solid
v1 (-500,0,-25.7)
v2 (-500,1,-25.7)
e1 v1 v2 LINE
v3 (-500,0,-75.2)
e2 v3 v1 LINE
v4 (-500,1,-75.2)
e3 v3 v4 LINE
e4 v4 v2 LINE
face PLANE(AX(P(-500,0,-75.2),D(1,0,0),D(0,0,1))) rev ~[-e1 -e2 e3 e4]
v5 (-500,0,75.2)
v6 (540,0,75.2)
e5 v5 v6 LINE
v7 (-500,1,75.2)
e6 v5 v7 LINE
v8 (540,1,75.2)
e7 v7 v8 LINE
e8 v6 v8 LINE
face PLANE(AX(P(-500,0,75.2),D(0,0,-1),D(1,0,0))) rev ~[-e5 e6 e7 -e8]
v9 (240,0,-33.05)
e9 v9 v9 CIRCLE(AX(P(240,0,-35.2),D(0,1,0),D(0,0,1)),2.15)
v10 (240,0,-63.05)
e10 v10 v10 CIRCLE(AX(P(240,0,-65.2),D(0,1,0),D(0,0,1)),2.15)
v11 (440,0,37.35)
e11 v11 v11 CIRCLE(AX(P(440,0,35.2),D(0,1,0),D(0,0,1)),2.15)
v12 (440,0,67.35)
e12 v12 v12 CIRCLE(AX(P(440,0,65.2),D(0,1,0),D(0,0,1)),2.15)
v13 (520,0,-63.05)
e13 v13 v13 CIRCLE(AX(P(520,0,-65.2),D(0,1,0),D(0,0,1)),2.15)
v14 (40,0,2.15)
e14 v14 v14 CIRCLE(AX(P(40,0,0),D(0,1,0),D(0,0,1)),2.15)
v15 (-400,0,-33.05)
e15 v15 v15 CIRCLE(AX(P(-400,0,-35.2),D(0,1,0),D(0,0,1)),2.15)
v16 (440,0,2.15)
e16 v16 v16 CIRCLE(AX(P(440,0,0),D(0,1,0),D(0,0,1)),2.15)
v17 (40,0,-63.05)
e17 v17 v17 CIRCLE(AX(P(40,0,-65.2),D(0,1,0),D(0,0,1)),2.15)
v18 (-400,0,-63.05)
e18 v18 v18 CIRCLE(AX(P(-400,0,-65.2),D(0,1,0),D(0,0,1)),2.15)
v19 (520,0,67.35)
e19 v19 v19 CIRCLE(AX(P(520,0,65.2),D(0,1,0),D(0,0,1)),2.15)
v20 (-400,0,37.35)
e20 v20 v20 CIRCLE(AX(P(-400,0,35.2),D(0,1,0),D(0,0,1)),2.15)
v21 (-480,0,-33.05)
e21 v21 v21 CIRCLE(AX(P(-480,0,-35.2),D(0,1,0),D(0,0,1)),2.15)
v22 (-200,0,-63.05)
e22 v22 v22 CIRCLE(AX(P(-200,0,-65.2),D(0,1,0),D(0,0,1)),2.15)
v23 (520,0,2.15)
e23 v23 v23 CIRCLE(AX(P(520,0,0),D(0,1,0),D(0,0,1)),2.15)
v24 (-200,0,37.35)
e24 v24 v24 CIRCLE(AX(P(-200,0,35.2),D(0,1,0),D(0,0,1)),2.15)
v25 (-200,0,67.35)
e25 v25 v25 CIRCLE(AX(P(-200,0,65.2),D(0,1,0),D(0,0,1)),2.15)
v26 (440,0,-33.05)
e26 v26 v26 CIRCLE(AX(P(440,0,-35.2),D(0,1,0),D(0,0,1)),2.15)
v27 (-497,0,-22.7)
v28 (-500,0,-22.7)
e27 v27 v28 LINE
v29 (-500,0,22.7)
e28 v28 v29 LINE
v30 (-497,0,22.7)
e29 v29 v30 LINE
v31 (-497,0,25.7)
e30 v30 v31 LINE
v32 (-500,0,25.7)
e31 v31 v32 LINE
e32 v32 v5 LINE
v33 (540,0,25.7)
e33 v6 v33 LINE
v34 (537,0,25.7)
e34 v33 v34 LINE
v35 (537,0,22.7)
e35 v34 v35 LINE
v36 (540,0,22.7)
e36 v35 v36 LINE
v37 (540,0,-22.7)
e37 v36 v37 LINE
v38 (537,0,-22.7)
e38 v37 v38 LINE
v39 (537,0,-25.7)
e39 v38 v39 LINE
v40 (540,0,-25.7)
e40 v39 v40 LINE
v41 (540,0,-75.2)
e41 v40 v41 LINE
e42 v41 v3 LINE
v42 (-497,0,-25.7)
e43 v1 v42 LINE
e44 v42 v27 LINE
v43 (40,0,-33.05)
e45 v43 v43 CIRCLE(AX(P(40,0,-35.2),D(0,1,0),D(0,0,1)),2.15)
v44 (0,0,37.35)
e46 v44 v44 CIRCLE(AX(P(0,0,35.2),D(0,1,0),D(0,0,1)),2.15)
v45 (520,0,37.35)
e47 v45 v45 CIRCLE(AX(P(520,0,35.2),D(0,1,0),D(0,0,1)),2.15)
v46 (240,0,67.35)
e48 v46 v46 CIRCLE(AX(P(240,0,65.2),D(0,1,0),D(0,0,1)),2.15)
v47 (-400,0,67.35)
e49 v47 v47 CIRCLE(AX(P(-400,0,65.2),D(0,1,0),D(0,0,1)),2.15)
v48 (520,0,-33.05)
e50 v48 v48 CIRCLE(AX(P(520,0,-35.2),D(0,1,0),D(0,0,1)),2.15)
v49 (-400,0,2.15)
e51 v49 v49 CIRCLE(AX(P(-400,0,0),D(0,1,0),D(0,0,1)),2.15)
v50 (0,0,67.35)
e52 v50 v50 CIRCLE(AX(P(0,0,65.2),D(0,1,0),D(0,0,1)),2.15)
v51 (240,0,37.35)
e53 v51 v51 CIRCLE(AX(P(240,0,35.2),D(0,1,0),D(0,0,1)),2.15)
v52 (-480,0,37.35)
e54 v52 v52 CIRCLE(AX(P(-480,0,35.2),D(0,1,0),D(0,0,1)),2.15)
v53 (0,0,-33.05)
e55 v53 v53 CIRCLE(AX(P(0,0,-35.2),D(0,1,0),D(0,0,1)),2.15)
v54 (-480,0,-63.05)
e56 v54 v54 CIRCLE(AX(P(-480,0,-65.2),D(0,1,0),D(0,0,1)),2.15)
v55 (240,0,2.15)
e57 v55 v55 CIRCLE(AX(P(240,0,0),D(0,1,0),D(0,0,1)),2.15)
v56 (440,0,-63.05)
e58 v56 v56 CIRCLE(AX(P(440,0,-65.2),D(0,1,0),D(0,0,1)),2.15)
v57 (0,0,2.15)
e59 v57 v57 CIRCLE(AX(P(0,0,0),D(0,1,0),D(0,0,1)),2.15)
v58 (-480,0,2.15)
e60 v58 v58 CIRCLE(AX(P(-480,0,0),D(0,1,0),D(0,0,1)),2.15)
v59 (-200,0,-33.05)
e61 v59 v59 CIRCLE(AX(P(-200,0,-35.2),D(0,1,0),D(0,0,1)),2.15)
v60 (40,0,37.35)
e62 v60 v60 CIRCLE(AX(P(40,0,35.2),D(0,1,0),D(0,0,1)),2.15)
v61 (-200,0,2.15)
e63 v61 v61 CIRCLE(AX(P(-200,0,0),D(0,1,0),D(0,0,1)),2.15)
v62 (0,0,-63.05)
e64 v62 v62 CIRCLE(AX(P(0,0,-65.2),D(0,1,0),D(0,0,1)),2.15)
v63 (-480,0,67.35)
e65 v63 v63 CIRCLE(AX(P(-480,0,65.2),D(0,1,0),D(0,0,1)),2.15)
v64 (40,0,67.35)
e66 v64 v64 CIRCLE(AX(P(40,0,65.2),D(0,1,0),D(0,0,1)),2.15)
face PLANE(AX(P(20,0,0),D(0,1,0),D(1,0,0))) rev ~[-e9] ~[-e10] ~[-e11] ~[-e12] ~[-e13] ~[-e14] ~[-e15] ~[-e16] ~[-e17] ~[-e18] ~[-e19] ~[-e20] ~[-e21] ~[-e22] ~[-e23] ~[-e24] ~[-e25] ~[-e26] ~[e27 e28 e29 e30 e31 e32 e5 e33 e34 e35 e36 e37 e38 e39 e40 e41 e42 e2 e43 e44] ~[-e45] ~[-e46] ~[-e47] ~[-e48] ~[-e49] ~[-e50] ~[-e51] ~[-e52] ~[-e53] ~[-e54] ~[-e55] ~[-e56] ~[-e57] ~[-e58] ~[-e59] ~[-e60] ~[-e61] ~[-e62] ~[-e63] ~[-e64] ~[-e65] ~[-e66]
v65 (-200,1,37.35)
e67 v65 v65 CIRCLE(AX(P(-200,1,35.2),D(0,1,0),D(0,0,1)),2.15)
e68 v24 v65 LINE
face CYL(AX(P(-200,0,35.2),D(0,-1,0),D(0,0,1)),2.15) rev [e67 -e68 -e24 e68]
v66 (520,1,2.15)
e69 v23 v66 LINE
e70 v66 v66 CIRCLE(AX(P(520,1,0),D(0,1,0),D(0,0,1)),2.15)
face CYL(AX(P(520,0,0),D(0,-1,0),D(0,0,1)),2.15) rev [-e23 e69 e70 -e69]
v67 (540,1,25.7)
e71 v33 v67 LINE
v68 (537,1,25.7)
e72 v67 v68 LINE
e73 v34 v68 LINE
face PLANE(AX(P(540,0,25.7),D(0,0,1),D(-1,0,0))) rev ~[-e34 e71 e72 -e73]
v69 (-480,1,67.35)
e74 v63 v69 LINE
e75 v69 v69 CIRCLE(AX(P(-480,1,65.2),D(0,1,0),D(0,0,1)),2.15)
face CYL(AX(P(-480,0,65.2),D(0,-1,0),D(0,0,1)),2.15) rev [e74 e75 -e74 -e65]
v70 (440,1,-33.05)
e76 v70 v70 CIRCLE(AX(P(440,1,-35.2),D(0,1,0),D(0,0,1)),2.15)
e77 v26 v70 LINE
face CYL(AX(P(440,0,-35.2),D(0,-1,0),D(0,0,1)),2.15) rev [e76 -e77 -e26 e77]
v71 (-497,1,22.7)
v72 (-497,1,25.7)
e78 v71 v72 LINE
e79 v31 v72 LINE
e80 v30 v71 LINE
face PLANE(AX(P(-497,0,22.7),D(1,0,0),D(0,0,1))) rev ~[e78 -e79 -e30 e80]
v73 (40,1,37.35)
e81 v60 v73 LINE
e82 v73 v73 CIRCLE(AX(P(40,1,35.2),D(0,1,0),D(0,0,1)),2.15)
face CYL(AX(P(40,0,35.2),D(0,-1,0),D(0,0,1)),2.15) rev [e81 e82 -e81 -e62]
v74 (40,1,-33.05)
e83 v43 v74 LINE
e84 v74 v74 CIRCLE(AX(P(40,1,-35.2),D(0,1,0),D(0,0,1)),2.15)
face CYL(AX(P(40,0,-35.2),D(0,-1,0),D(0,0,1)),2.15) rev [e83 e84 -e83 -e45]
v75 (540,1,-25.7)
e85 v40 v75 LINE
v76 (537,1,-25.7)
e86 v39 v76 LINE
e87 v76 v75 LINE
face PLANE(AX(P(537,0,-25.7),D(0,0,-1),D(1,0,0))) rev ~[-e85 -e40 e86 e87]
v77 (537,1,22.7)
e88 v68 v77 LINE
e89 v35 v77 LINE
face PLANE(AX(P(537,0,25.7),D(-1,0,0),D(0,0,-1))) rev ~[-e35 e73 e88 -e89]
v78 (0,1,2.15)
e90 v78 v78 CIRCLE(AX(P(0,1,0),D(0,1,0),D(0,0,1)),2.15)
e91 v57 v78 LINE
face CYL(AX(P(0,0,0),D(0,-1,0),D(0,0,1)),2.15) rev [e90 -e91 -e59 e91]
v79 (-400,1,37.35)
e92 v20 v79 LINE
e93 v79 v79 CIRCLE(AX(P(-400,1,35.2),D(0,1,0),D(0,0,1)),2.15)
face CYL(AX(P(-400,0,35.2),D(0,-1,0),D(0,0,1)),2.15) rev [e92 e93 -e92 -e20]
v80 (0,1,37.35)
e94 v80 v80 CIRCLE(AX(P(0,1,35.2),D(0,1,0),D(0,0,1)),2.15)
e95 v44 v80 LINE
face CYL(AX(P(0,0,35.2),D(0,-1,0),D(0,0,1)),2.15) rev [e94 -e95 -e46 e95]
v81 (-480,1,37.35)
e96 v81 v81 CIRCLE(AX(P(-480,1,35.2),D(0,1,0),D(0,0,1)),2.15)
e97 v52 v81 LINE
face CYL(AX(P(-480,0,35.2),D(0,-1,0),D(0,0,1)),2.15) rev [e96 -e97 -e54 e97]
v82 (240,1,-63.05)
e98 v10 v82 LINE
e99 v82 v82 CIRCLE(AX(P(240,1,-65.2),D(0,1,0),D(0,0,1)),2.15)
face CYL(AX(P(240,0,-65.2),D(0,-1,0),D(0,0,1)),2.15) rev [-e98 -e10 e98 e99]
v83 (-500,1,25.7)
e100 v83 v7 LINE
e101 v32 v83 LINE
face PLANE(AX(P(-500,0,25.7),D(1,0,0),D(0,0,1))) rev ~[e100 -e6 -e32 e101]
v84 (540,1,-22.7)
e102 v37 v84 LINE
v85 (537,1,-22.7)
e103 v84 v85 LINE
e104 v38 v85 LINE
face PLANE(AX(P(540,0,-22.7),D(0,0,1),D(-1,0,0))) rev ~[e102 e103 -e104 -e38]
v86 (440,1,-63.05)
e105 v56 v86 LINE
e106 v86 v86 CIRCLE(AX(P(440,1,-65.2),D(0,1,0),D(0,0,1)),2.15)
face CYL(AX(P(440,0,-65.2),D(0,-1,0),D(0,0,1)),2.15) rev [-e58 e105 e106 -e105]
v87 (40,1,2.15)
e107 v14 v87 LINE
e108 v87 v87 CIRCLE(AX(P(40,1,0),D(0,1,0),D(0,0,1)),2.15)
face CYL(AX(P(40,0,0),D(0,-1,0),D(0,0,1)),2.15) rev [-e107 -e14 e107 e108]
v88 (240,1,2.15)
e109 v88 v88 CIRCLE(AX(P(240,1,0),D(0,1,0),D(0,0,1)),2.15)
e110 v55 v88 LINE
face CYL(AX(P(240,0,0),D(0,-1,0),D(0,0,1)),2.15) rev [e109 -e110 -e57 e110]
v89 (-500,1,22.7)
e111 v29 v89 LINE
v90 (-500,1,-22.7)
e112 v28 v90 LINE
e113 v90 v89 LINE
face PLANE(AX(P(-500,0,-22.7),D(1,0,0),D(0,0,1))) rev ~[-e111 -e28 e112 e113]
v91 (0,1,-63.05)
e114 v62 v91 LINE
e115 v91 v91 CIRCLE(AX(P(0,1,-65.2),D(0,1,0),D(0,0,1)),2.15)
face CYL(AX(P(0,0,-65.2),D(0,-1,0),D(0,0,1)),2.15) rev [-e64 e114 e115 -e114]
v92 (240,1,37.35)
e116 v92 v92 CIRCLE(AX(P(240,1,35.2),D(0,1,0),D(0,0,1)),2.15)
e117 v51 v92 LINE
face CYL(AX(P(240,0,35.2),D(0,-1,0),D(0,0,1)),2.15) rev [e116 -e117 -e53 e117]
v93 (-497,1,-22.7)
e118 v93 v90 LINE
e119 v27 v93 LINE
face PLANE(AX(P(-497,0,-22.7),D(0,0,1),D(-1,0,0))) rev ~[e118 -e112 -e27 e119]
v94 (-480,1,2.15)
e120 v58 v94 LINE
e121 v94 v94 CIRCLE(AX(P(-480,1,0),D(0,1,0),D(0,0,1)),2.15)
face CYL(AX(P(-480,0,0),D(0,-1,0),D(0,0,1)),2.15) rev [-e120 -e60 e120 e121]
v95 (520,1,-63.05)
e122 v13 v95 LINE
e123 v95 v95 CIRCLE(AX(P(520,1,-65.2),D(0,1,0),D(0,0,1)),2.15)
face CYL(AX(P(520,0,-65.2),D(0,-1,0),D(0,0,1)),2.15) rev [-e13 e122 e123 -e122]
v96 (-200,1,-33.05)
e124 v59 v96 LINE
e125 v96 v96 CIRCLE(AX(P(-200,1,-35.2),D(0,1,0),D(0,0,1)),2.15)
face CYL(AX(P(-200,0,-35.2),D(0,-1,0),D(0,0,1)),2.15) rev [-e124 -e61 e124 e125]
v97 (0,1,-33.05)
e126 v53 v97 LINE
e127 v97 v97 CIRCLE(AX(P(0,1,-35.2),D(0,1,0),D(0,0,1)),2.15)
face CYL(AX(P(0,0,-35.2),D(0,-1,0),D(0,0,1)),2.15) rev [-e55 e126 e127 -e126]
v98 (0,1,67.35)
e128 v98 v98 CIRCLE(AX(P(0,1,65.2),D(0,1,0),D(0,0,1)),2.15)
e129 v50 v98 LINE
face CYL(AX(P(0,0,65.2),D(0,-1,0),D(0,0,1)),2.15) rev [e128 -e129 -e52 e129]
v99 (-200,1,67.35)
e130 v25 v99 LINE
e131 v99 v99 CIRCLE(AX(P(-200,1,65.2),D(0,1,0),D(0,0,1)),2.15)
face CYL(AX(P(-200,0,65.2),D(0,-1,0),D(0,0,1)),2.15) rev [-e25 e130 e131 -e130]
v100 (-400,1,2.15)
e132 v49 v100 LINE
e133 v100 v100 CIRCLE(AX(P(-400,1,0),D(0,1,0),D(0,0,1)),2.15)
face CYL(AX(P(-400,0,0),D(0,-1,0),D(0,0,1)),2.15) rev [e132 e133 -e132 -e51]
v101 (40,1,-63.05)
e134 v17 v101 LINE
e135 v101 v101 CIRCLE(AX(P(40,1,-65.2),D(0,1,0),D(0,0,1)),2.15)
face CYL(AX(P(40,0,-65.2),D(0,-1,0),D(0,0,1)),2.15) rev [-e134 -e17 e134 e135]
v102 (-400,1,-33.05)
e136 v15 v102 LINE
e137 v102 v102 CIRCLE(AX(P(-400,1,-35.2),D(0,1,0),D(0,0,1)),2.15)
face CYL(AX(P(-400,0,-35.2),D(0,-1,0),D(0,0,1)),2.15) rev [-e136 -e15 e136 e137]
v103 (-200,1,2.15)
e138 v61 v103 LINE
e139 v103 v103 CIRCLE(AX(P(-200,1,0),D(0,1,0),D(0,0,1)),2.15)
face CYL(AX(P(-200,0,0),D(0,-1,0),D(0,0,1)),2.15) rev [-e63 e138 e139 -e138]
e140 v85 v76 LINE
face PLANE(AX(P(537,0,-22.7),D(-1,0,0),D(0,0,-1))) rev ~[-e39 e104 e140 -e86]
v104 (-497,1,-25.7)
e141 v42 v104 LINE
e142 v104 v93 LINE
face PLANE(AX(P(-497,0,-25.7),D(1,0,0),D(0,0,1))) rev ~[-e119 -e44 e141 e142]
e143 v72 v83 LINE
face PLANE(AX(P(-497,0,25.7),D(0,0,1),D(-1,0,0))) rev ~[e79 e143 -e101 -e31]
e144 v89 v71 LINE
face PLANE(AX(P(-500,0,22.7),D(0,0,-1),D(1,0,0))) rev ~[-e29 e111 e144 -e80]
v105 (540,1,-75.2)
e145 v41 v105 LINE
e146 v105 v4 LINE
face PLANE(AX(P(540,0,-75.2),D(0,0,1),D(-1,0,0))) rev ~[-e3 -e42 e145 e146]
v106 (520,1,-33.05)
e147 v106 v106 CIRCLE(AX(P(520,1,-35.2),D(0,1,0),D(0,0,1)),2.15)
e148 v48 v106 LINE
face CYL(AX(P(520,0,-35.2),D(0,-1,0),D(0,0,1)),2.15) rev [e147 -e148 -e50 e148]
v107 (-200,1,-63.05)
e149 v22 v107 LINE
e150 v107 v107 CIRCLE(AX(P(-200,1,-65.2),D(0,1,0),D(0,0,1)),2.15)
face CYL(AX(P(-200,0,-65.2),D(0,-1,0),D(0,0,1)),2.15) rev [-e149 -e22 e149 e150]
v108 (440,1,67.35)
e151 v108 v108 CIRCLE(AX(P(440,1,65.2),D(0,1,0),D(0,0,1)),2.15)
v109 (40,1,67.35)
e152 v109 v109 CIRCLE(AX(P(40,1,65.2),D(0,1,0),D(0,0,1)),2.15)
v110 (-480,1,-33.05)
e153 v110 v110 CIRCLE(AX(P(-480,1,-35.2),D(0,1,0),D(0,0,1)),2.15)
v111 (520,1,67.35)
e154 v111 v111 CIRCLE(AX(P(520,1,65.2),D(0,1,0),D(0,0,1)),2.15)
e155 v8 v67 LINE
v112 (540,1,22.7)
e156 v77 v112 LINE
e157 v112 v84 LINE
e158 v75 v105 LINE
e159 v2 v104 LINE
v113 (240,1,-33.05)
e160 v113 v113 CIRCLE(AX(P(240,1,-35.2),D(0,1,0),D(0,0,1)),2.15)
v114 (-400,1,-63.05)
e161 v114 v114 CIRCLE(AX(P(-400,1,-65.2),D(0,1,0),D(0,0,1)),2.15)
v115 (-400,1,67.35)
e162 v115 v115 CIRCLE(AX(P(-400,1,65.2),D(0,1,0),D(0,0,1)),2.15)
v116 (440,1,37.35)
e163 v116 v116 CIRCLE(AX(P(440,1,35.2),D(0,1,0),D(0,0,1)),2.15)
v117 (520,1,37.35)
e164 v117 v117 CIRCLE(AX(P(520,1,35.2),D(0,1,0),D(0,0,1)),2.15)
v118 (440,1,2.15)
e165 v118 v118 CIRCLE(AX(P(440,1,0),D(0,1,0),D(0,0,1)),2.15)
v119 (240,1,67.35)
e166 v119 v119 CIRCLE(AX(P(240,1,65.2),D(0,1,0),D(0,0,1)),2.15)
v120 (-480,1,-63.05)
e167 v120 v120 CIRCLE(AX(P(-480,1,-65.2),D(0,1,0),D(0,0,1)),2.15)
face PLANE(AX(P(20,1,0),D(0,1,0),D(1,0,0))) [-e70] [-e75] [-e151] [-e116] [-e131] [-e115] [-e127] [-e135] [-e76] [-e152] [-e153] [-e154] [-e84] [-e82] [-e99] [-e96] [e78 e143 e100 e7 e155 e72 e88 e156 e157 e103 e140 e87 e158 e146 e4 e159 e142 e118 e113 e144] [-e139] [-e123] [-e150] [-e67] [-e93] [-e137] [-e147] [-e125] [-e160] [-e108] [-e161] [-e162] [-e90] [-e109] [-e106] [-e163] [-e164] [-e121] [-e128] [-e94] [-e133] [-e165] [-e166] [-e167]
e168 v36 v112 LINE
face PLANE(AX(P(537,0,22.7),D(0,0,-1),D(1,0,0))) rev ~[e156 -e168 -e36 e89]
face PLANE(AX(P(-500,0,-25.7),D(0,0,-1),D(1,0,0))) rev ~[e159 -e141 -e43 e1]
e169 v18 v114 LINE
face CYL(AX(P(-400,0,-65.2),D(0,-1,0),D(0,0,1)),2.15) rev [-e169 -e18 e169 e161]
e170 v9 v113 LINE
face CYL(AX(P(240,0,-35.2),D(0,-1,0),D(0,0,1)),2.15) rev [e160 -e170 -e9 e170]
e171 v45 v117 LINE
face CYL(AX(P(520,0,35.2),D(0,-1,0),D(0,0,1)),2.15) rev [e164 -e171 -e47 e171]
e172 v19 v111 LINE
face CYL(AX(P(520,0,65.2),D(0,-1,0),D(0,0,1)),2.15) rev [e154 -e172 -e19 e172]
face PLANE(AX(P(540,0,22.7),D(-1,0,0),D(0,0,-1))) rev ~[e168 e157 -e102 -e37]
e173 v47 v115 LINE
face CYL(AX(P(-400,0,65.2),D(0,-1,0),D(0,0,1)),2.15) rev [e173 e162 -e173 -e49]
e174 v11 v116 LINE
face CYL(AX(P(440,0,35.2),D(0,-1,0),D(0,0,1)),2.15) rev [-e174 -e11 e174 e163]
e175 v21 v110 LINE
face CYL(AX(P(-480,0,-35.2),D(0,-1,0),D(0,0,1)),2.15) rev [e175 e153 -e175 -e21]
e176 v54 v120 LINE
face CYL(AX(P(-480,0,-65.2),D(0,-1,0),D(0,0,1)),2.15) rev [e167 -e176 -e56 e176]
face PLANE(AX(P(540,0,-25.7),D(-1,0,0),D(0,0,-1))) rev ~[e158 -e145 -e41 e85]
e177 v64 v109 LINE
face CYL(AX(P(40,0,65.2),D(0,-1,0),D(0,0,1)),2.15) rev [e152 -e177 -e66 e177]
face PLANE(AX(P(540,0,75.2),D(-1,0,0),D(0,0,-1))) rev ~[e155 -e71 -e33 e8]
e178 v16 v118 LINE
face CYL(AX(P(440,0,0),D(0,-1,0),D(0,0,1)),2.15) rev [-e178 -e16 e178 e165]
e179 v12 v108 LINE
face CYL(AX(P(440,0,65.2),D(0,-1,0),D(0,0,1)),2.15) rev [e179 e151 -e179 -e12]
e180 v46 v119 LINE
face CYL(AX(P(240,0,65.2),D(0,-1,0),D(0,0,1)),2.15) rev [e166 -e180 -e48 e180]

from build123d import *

# Parameters (mm, degrees)
SKETCH1_R           = 2.15
BOSS_EXTRUDE1_DEPTH = 1


with BuildPart() as part:
    # Sketch1 → Boss-Extrude1 (new body)
    with BuildSketch(Plane(origin=(0, 0, 0), x_dir=(1, 0, 0), z_dir=(0, 1, 0))):
        Polygon((-500, -25.7), (-500, -75.2), (540, -75.2), (540, -25.7), (537, -25.7), (537, -22.7), (540, -22.7), (540, 22.7), (537, 22.7), (537, 25.7), (540, 25.7), (540, 75.2), (-500, 75.2), (-500, 25.7), (-497, 25.7), (-497, 22.7), (-500, 22.7), (-500, -22.7), (-497, -22.7), (-497, -25.7), align=None)
        with Locations(Location((0, -35.2, 0), (0, 0, 270))):
            Circle(SKETCH1_R, mode=Mode.SUBTRACT)
        with Locations(Location((0, 35.2, 0), (0, 0, 270))):
            Circle(SKETCH1_R, mode=Mode.SUBTRACT)
        with Locations(Location((0, -65.2, 0), (0, 0, 270))):
            Circle(SKETCH1_R, mode=Mode.SUBTRACT)
        with Locations(Location((0, 65.2, 0), (0, 0, 270))):
            Circle(SKETCH1_R, mode=Mode.SUBTRACT)
        with Locations(Location((-200, -65.2, 0), (0, 0, 270))):
            Circle(SKETCH1_R, mode=Mode.SUBTRACT)
        with Locations(Location((-200, -35.2, 0), (0, 0, 270))):
            Circle(SKETCH1_R, mode=Mode.SUBTRACT)
        with Locations(Location((-200, 35.2, 0), (0, 0, 270))):
            Circle(SKETCH1_R, mode=Mode.SUBTRACT)
        with Locations(Location((-200, 65.2, 0), (0, 0, 270))):
            Circle(SKETCH1_R, mode=Mode.SUBTRACT)
        with Locations(Location((0, 0, 0), (0, 0, 270))):
            Circle(SKETCH1_R, mode=Mode.SUBTRACT)
        with Locations(Location((-200, 0, 0), (0, 0, 270))):
            Circle(SKETCH1_R, mode=Mode.SUBTRACT)
        with Locations(Location((-400, 0, 0), (0, 0, 270))):
            Circle(SKETCH1_R, mode=Mode.SUBTRACT)
        with Locations(Location((-400, -65.2, 0), (0, 0, 270))):
            Circle(SKETCH1_R, mode=Mode.SUBTRACT)
        with Locations(Location((-400, -35.2, 0), (0, 0, 270))):
            Circle(SKETCH1_R, mode=Mode.SUBTRACT)
        with Locations(Location((-400, 35.2, 0), (0, 0, 270))):
            Circle(SKETCH1_R, mode=Mode.SUBTRACT)
        with Locations(Location((-400, 65.2, 0), (0, 0, 270))):
            Circle(SKETCH1_R, mode=Mode.SUBTRACT)
        with Locations(Location((40, -65.2, 0), (0, 0, 270))):
            Circle(SKETCH1_R, mode=Mode.SUBTRACT)
        with Locations(Location((40, -35.2, 0), (0, 0, 270))):
            Circle(SKETCH1_R, mode=Mode.SUBTRACT)
        with Locations(Location((40, 0, 0), (0, 0, 270))):
            Circle(SKETCH1_R, mode=Mode.SUBTRACT)
        with Locations(Location((40, 35.2, 0), (0, 0, 270))):
            Circle(SKETCH1_R, mode=Mode.SUBTRACT)
        with Locations(Location((40, 65.2, 0), (0, 0, 270))):
            Circle(SKETCH1_R, mode=Mode.SUBTRACT)
        with Locations(Location((520, 65.2, 0), (0, 0, 270))):
            Circle(SKETCH1_R, mode=Mode.SUBTRACT)
        with Locations(Location((520, 35.2, 0), (0, 0, 270))):
            Circle(SKETCH1_R, mode=Mode.SUBTRACT)
        with Locations(Location((520, 0, 0), (0, 0, 270))):
            Circle(SKETCH1_R, mode=Mode.SUBTRACT)
        with Locations(Location((520, -35.2, 0), (0, 0, 270))):
            Circle(SKETCH1_R, mode=Mode.SUBTRACT)
        with Locations(Location((520, -65.2, 0), (0, 0, 270))):
            Circle(SKETCH1_R, mode=Mode.SUBTRACT)
        with Locations(Location((240, -65.2, 0), (0, 0, 270))):
            Circle(SKETCH1_R, mode=Mode.SUBTRACT)
        with Locations(Location((240, -35.2, 0), (0, 0, 270))):
            Circle(SKETCH1_R, mode=Mode.SUBTRACT)
        with Locations(Location((240, 0, 0), (0, 0, 270))):
            Circle(SKETCH1_R, mode=Mode.SUBTRACT)
        with Locations(Location((240, 35.2, 0), (0, 0, 270))):
            Circle(SKETCH1_R, mode=Mode.SUBTRACT)
        with Locations(Location((240, 65.2, 0), (0, 0, 270))):
            Circle(SKETCH1_R, mode=Mode.SUBTRACT)
        with Locations(Location((440, -65.2, 0), (0, 0, 270))):
            Circle(SKETCH1_R, mode=Mode.SUBTRACT)
        with Locations(Location((440, -35.2, 0), (0, 0, 270))):
            Circle(SKETCH1_R, mode=Mode.SUBTRACT)
        with Locations(Location((440, 0, 0), (0, 0, 270))):
            Circle(SKETCH1_R, mode=Mode.SUBTRACT)
        with Locations(Location((440, 35.2, 0), (0, 0, 270))):
            Circle(SKETCH1_R, mode=Mode.SUBTRACT)
        with Locations(Location((440, 65.2, 0), (0, 0, 270))):
            Circle(SKETCH1_R, mode=Mode.SUBTRACT)
        with Locations(Location((-480, 65.2, 0), (0, 0, 270))):
            Circle(SKETCH1_R, mode=Mode.SUBTRACT)
        with Locations(Location((-480, 35.2, 0), (0, 0, 270))):
            Circle(SKETCH1_R, mode=Mode.SUBTRACT)
        with Locations(Location((-480, 0, 0), (0, 0, 270))):
            Circle(SKETCH1_R, mode=Mode.SUBTRACT)
        with Locations(Location((-480, -65.2, 0), (0, 0, 270))):
            Circle(SKETCH1_R, mode=Mode.SUBTRACT)
        with Locations(Location((-480, -35.2, 0), (0, 0, 270))):
            Circle(SKETCH1_R, mode=Mode.SUBTRACT)
    extrude(amount=BOSS_EXTRUDE1_DEPTH)


solid = part.part
